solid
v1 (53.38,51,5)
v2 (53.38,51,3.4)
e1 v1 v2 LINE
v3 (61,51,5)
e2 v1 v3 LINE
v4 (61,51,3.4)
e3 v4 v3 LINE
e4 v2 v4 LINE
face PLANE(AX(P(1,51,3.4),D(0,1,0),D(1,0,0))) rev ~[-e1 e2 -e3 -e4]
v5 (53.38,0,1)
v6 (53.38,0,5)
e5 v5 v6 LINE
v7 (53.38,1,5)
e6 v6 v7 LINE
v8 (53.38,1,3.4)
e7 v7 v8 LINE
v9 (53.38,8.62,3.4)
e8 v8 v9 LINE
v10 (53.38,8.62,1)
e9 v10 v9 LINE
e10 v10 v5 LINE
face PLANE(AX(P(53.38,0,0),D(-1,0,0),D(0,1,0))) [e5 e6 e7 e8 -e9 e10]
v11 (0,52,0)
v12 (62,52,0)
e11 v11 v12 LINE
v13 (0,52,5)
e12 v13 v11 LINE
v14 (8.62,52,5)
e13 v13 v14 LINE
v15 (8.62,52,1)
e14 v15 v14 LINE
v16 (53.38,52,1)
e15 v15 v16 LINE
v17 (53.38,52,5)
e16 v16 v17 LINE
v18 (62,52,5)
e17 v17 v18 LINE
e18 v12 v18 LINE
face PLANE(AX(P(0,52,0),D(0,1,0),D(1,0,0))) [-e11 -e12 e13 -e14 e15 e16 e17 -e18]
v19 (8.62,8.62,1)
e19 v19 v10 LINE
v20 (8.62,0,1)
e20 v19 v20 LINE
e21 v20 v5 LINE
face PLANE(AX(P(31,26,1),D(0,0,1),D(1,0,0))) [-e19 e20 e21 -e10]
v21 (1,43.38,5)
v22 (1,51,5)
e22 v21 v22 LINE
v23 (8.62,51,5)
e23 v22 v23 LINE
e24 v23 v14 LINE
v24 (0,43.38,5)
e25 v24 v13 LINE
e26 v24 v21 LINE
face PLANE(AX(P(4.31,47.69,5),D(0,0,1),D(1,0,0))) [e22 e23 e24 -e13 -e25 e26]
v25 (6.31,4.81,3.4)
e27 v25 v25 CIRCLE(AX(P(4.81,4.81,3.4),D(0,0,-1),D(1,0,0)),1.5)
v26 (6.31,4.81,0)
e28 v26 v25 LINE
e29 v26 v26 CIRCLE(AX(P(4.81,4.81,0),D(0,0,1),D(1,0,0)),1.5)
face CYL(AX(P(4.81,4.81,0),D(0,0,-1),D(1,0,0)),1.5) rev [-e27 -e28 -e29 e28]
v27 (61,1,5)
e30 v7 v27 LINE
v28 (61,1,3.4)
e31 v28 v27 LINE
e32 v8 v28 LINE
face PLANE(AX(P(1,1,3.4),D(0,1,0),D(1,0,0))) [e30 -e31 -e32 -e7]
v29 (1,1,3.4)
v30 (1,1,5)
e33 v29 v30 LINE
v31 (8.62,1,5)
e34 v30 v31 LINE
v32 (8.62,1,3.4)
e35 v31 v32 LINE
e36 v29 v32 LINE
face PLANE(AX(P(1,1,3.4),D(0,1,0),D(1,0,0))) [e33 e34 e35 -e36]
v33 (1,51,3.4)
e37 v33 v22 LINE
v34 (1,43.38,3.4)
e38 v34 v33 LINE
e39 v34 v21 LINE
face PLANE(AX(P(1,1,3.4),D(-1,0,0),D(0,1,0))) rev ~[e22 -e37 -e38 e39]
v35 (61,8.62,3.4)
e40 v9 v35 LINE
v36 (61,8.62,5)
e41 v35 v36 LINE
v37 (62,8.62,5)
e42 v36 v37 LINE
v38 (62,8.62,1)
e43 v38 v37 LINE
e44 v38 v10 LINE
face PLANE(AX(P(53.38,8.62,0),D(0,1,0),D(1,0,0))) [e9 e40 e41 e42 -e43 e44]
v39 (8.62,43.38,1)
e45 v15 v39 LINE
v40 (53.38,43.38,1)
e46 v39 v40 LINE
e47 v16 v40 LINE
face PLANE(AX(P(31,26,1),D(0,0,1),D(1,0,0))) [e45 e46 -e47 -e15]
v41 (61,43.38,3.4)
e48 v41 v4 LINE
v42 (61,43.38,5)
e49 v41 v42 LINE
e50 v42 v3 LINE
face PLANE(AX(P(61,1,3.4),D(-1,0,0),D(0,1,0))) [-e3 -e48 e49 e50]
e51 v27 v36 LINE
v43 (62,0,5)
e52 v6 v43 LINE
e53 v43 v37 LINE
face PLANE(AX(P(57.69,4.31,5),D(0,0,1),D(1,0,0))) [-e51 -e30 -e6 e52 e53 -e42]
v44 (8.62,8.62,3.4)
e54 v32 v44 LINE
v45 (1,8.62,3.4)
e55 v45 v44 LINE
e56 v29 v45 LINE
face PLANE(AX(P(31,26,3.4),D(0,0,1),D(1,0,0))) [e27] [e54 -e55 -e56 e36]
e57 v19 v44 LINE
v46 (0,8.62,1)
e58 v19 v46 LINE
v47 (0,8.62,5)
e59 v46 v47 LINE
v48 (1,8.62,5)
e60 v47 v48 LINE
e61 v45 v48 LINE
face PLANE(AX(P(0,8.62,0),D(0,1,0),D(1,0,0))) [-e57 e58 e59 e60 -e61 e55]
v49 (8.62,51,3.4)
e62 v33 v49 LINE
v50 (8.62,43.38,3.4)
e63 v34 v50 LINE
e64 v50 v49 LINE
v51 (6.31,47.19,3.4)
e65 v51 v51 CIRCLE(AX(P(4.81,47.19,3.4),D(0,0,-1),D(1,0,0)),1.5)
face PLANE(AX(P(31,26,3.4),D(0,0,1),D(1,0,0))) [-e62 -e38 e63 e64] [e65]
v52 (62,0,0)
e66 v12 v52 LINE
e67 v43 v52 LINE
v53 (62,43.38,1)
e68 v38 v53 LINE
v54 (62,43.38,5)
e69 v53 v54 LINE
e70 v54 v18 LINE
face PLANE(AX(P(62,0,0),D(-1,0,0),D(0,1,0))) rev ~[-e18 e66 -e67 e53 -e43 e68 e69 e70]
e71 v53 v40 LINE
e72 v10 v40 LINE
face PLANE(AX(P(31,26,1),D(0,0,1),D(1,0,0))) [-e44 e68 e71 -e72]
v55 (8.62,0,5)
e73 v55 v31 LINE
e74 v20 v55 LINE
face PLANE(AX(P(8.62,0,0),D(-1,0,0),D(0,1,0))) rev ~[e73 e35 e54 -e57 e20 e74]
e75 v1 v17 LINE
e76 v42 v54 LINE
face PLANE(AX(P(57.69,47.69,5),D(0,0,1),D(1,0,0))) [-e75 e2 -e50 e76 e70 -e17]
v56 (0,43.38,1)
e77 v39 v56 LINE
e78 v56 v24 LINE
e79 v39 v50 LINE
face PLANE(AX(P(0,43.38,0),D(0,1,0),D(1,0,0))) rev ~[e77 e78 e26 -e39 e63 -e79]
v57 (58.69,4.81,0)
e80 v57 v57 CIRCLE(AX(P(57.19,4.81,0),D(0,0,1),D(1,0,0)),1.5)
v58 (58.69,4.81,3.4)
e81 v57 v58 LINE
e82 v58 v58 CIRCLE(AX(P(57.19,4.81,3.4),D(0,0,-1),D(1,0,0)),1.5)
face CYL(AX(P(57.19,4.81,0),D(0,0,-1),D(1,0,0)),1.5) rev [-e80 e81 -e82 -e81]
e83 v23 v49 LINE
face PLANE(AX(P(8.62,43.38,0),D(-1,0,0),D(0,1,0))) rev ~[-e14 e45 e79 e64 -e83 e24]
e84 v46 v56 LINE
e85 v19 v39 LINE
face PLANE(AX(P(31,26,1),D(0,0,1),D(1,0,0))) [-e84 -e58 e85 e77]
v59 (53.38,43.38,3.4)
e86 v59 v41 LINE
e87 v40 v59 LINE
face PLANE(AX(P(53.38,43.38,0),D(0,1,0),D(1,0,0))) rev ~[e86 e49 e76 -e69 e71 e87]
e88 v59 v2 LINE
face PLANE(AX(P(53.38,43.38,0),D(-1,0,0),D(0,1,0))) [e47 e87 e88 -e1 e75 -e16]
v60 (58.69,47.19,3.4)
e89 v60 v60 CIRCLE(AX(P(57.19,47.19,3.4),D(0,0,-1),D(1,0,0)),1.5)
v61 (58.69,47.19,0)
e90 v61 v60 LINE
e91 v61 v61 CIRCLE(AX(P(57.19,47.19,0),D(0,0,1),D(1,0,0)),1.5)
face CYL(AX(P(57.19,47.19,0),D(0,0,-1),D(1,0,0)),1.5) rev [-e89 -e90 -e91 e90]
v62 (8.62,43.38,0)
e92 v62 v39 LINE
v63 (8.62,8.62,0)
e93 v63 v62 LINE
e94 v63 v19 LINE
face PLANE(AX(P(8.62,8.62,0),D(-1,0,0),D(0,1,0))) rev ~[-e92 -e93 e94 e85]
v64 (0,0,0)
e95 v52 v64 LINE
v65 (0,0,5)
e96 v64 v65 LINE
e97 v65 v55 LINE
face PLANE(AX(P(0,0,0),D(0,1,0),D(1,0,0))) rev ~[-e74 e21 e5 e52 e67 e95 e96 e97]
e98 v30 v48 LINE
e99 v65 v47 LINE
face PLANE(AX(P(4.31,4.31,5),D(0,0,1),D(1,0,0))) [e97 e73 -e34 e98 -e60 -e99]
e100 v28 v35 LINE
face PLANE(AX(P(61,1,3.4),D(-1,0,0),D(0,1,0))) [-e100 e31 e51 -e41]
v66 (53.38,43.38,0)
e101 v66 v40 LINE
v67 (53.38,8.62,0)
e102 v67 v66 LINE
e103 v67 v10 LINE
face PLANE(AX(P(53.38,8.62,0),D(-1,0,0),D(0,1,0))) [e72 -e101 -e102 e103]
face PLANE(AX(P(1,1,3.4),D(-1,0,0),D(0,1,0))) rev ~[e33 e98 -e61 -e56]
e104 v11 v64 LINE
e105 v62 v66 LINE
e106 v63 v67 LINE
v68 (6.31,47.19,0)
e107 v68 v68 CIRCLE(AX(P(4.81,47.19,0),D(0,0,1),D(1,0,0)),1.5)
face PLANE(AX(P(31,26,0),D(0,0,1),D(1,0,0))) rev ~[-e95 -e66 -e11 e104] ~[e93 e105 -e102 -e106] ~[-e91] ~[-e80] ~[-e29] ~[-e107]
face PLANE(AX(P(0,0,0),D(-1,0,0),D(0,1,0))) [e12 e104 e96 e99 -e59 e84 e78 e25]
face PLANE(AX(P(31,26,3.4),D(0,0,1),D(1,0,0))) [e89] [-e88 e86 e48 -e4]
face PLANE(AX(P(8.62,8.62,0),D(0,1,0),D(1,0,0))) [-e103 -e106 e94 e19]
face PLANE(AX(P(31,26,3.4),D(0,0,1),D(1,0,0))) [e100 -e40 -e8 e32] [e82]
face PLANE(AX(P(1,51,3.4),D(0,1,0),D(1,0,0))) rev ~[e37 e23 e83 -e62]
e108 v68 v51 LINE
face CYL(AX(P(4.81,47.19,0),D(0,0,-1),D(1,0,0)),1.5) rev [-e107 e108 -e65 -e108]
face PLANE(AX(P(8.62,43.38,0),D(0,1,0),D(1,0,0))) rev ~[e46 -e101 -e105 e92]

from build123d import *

# Parameters (mm, degrees)
PCB_W           = 60
PCB_H           = 50
PCB_DEPTH       = 1.6
HOLE_0_R        = 1.5
HOLE_0_DEPTH    = 5
HOLE_1_R        = 1.5
HOLE_1_DEPTH    = 5
HOLE_2_R        = 1.5
HOLE_2_DEPTH    = 5
HOLE_3_R        = 1.5
HOLE_3_DEPTH    = 5
FLOOR_CUT_W     = 44.76
FLOOR_CUT_H     = 34.76
FLOOR_CUT_DEPTH = 1
BLOCK_0_W       = 8.62
BLOCK_0_H       = 8.62
BLOCK_0_DEPTH   = 5
BLOCK_1_W       = 8.62
BLOCK_1_H       = 8.62
BLOCK_1_DEPTH   = 5
BLOCK_2_W       = 8.62
BLOCK_2_H       = 8.62
BLOCK_2_DEPTH   = 5
BLOCK_3_W       = 8.62
BLOCK_3_H       = 8.62
BLOCK_3_DEPTH   = 5
FLOOR_W         = 62
FLOOR_H         = 52
FLOOR_DEPTH     = 1


with BuildPart() as pcb:
    # pcb → pcb (new body)
    with BuildSketch(Plane(origin=(1, 1, 3.4), x_dir=(1, 0, 0), z_dir=(0, 0, 1))):
        with Locations((30, 25)):
            Rectangle(PCB_W, PCB_H)
    extrude(amount=PCB_DEPTH)


with BuildPart() as hole_0_body:
    # hole_0 → hole_0 (new body)
    with BuildSketch(Plane(origin=(4.81, 4.81, 0), x_dir=(1, 0, 0), z_dir=(0, 0, 1))):
        Circle(HOLE_0_R)
    extrude(amount=HOLE_0_DEPTH)


with BuildPart() as hole_1_body:
    # hole_1 → hole_1 (new body)
    with BuildSketch(Plane(origin=(4.81, 47.19, 0), x_dir=(1, 0, 0), z_dir=(0, 0, 1))):
        Circle(HOLE_1_R)
    extrude(amount=HOLE_1_DEPTH)


with BuildPart() as hole_2_body:
    # hole_2 → hole_2 (new body)
    with BuildSketch(Plane(origin=(57.19, 4.81, 0), x_dir=(1, 0, 0), z_dir=(0, 0, 1))):
        Circle(HOLE_2_R)
    extrude(amount=HOLE_2_DEPTH)


with BuildPart() as hole_3_body:
    # hole_3 → hole_3 (new body)
    with BuildSketch(Plane(origin=(57.19, 47.19, 0), x_dir=(1, 0, 0), z_dir=(0, 0, 1))):
        Circle(HOLE_3_R)
    extrude(amount=HOLE_3_DEPTH)


with BuildPart() as tool:
    # floor_cut → floor_cut (new body)
    with BuildSketch(Plane(origin=(8.62, 8.62, 0), x_dir=(1, 0, 0), z_dir=(0, 0, 1))):
        with Locations((22.38, 17.38)):
            Rectangle(FLOOR_CUT_W, FLOOR_CUT_H)
    extrude(amount=FLOOR_CUT_DEPTH)

    # tool: union pcb, hole_0 body, hole_1 body, hole_2 body, hole_3 body
    add(pcb.part)
    add(hole_0_body.part)
    add(hole_1_body.part)
    add(hole_2_body.part)
    add(hole_3_body.part)


with BuildPart() as block_0_body:
    # block_0 → block_0 (new body)
    with BuildSketch(Plane.XY):
        with Locations((4.31, 4.31)):
            Rectangle(BLOCK_0_W, BLOCK_0_H)
    extrude(amount=BLOCK_0_DEPTH)


with BuildPart() as block_1_body:
    # block_1 → block_1 (new body)
    with BuildSketch(Plane(origin=(0, 43.38, 0), x_dir=(1, 0, 0), z_dir=(0, 0, 1))):
        with Locations((4.31, 4.31)):
            Rectangle(BLOCK_1_W, BLOCK_1_H)
    extrude(amount=BLOCK_1_DEPTH)


with BuildPart() as block_2_body:
    # block_2 → block_2 (new body)
    with BuildSketch(Plane(origin=(53.38, 0, 0), x_dir=(1, 0, 0), z_dir=(0, 0, 1))):
        with Locations((4.31, 4.31)):
            Rectangle(BLOCK_2_W, BLOCK_2_H)
    extrude(amount=BLOCK_2_DEPTH)


with BuildPart() as block_3_body:
    # block_3 → block_3 (new body)
    with BuildSketch(Plane(origin=(53.38, 43.38, 0), x_dir=(1, 0, 0), z_dir=(0, 0, 1))):
        with Locations((4.31, 4.31)):
            Rectangle(BLOCK_3_W, BLOCK_3_H)
    extrude(amount=BLOCK_3_DEPTH)


with BuildPart() as final:
    # floor → floor (new body)
    with BuildSketch(Plane.XY):
        with Locations((31, 26)):
            Rectangle(FLOOR_W, FLOOR_H)
    extrude(amount=FLOOR_DEPTH)

    # base: union block_0 body, block_1 body, block_2 body, block_3 body
    add(block_0_body.part)
    add(block_1_body.part)
    add(block_2_body.part)
    add(block_3_body.part)

    # final: cut tool
    add(tool.part, mode=Mode.SUBTRACT)


solid = final.part
